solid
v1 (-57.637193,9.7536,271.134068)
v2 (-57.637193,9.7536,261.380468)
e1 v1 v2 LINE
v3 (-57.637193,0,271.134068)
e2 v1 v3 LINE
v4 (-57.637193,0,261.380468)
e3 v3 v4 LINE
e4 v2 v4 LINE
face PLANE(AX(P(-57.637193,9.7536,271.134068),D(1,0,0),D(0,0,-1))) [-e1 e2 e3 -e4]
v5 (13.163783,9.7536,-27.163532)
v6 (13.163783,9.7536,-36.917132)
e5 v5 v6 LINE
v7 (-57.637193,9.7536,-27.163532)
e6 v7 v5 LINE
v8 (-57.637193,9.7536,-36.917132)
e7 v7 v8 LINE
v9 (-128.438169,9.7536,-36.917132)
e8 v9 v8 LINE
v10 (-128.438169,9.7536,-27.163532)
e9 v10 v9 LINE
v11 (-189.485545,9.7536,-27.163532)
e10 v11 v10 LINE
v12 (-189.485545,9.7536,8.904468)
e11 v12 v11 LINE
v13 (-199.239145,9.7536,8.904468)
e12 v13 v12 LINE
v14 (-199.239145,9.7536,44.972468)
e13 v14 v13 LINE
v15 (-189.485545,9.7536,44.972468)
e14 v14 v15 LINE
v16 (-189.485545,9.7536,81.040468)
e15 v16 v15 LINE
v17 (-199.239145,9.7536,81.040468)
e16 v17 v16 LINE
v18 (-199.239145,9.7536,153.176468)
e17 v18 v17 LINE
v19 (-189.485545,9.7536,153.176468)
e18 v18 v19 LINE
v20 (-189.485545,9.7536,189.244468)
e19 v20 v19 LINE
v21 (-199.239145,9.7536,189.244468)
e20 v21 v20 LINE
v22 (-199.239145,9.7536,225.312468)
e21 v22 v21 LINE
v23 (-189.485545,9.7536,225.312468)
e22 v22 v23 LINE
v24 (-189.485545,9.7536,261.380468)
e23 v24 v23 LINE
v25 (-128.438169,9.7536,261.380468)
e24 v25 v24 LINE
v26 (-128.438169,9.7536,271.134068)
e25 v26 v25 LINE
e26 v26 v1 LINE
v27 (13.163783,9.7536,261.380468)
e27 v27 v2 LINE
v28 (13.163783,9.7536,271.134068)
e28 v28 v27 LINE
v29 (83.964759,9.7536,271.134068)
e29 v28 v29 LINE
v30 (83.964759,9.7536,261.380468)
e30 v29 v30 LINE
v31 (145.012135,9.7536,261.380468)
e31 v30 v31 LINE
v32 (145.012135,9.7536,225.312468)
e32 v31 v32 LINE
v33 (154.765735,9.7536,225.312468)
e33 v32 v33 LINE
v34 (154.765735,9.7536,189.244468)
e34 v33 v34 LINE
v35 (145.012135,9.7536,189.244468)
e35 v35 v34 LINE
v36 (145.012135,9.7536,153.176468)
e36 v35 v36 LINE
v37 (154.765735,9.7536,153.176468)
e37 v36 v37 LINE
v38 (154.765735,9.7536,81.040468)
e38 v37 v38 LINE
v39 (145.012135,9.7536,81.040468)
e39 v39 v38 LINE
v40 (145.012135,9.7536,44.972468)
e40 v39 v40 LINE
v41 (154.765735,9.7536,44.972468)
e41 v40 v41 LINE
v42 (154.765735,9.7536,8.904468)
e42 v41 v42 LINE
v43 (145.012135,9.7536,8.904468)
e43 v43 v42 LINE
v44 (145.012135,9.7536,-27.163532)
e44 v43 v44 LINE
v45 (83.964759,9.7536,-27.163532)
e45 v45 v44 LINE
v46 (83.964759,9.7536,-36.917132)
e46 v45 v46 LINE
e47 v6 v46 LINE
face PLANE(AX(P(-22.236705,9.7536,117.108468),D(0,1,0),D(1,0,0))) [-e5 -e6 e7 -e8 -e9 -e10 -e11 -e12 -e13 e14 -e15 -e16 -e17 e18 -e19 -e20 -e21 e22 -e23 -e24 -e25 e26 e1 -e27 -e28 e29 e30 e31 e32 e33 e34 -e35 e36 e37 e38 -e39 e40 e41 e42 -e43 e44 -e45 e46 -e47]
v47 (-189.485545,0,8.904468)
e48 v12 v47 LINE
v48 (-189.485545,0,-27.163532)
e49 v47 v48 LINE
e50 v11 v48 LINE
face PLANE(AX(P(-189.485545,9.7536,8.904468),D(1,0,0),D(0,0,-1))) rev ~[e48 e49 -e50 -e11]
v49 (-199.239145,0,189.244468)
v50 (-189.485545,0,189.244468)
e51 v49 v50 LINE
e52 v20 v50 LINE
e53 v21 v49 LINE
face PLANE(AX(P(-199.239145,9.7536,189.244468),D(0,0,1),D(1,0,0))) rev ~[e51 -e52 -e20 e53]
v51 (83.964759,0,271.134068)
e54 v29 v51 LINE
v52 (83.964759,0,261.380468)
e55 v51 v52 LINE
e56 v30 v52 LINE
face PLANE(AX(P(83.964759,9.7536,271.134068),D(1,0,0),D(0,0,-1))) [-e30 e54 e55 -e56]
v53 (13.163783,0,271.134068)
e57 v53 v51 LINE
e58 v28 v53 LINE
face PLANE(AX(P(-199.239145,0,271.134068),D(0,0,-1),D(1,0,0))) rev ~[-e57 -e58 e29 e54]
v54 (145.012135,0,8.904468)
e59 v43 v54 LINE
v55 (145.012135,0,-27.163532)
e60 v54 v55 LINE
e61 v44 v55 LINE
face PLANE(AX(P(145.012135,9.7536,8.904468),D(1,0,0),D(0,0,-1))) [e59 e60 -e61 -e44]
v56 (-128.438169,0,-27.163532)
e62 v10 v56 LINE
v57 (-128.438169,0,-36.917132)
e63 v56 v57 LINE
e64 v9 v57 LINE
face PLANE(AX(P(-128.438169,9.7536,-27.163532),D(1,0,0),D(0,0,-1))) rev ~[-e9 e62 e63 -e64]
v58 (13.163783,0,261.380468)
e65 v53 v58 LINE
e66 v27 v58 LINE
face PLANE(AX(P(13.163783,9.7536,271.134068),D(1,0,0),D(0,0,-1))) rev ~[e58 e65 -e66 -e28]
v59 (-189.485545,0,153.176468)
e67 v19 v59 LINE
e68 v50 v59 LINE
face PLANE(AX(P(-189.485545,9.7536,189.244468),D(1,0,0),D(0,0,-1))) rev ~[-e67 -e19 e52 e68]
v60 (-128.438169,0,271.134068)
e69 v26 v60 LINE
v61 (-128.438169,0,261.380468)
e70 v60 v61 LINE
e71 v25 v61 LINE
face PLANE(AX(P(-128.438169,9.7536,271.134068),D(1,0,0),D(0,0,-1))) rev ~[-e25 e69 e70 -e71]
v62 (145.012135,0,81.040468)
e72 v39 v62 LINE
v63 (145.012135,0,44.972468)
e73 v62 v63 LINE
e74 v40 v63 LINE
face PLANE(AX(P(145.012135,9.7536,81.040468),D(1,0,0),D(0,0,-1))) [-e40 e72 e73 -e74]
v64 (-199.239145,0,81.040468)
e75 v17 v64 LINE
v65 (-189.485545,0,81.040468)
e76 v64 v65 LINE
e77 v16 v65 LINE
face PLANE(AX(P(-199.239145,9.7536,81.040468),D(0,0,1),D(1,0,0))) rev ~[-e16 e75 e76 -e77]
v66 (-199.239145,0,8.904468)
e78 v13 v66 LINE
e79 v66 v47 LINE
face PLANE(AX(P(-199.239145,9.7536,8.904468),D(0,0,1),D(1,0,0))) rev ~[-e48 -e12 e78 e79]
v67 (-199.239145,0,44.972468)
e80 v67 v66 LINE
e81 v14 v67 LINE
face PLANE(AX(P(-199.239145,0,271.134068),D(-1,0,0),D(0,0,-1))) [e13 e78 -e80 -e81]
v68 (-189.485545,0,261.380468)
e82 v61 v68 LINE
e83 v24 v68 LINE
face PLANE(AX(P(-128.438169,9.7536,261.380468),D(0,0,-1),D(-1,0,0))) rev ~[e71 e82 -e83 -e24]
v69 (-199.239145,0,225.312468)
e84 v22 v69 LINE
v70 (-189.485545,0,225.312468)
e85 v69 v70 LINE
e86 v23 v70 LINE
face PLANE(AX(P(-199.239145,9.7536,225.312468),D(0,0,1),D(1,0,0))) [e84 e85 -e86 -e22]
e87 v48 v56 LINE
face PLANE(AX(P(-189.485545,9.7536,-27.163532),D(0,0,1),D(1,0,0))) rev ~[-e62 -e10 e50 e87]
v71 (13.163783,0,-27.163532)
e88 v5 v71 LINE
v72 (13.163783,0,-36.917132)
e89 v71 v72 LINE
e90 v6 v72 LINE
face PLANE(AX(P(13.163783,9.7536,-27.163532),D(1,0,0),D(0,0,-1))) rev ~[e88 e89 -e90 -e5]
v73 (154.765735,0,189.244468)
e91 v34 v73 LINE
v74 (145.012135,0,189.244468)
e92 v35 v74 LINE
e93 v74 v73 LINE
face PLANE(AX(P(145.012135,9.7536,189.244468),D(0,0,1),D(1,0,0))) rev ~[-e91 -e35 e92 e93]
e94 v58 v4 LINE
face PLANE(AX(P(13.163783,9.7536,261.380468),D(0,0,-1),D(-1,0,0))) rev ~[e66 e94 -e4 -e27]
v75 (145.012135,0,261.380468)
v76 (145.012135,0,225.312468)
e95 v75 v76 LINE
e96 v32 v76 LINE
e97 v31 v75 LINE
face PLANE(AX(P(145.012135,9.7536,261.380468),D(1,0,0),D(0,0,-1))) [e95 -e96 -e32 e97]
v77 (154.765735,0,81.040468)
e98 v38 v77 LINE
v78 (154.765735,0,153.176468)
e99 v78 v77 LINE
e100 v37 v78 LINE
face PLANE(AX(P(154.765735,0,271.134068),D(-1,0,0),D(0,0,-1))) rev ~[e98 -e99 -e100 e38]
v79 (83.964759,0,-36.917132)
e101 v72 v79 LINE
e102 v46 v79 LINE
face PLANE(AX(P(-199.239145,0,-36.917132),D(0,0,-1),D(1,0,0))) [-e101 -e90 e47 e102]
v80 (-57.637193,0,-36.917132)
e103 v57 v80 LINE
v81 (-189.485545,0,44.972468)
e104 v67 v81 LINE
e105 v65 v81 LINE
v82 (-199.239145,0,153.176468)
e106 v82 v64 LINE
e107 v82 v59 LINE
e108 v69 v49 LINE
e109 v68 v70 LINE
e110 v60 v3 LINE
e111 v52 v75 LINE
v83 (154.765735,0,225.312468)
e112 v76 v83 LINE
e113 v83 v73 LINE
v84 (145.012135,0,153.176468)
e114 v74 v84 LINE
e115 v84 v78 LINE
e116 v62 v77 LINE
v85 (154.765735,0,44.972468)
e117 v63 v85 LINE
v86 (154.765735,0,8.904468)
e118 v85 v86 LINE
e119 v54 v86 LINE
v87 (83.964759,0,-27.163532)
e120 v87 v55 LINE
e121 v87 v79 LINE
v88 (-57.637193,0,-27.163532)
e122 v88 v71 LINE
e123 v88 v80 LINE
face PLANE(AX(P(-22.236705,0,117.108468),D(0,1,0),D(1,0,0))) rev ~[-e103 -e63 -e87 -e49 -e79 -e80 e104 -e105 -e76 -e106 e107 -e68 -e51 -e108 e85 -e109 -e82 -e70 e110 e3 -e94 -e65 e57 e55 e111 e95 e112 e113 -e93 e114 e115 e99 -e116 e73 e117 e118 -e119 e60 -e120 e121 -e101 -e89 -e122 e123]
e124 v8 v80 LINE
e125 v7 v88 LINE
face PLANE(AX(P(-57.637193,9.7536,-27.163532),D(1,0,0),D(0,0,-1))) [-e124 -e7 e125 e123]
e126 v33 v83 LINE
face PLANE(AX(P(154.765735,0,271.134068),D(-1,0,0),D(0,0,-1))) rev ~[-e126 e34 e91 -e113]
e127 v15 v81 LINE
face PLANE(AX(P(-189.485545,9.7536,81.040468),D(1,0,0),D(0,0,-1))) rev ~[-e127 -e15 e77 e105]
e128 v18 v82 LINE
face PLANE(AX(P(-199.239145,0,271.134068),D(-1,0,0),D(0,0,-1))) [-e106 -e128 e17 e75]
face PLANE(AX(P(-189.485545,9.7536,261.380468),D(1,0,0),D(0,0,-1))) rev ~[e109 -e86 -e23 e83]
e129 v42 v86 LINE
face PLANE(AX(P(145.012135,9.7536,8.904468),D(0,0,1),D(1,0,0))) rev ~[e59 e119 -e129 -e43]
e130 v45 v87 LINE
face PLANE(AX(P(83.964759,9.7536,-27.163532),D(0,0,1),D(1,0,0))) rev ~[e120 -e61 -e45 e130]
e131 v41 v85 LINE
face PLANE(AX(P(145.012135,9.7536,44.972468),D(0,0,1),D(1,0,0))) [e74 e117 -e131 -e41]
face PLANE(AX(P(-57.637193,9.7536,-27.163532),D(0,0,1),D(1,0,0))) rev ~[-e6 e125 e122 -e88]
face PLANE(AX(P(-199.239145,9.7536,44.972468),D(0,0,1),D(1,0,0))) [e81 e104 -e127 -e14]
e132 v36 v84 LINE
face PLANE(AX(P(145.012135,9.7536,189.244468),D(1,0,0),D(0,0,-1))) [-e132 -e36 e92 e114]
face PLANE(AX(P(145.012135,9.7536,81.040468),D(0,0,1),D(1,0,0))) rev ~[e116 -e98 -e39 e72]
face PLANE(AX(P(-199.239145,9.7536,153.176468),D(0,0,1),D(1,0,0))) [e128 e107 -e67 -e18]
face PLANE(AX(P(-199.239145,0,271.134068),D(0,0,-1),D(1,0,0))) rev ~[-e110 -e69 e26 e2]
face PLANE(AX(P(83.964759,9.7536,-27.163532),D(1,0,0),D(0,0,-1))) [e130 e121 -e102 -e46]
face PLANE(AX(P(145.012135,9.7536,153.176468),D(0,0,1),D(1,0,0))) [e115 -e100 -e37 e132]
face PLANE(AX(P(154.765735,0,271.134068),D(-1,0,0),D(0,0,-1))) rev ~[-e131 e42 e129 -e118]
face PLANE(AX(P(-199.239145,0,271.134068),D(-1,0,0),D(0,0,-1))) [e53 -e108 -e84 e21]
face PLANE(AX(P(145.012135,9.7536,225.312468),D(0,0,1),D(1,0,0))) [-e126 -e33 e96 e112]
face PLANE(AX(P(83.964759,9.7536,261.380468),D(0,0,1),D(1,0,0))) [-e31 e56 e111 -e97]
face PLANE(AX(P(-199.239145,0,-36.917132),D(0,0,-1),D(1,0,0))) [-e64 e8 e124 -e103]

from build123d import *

# Parameters (mm, degrees)
SKETCH1_W           = 354.00488
SKETCH1_H           = 308.0512
BOSS_EXTRUDE1_DEPTH = 9.7536
SKETCH2_W           = 9.7536
SKETCH2_H           = 36.068
SKETCH2_W_2         = 35.400488
SKETCH2_H_2         = 9.7536
SKETCH2_W_3         = 70.800976
CUT_EXTRUDE1_DEPTH  = 337.60815813


with BuildPart() as part:
    # Sketch1 → Boss-Extrude1 (new body)
    with BuildSketch(Plane(origin=(0, 0, 0), x_dir=(1, 0, 0), z_dir=(0, 1, 0))):
        with Locations((-22.236704585, -117.108467707)):
            Rectangle(SKETCH1_W, SKETCH1_H)
    extrude(amount=BOSS_EXTRUDE1_DEPTH)

    # Sketch2 → Cut-Extrude1 (cut, through all)
    with BuildSketch(Plane(origin=(0, 9.7536, 0), x_dir=(1, 0, 0), z_dir=(0, 1, 0))):
        with Locations((-194.362344585, -171.210467707)):
            Rectangle(SKETCH2_W, SKETCH2_H)
        with Locations((-194.362344585, -243.346467707)):
            Rectangle(SKETCH2_W, SKETCH2_H)
        Polygon((-199.239144585, -271.134067707), (-128.438168585, -271.134067707), (-128.438168585, -261.380467707), (-189.485544585, -261.380467707), (-199.239144585, -261.380467707), align=None)
        with Locations((-4.536460585, -266.257267707)):
            Rectangle(SKETCH2_W_2, SKETCH2_H_2)
        with Locations((-39.936948585, -266.257267707)):
            Rectangle(SKETCH2_W_2, SKETCH2_H_2)
        with Locations((119.365247415, -266.257267707)):
            Rectangle(SKETCH2_W_3, SKETCH2_H_2)
        with Locations((149.888935415, -243.346467707)):
            Rectangle(SKETCH2_W, SKETCH2_H)
        with Locations((149.888935415, -171.210467707)):
            Rectangle(SKETCH2_W, SKETCH2_H)
        with Locations((149.888935415, -63.006467707)):
            Rectangle(SKETCH2_W, SKETCH2_H)
        with Locations((149.888935415, 9.129532293)):
            Rectangle(SKETCH2_W, SKETCH2_H)
        with Locations((119.365247415, 32.040332293)):
            Rectangle(SKETCH2_W_3, SKETCH2_H_2)
        with Locations((-22.236704585, 32.040332293)):
            Rectangle(SKETCH2_W_3, SKETCH2_H_2)
        with Locations((-194.362344585, -63.006467707)):
            Rectangle(SKETCH2_W, SKETCH2_H)
        with Locations((-194.362344585, 9.129532293)):
            Rectangle(SKETCH2_W, SKETCH2_H)
        with Locations((-163.838656585, 32.040332293)):
            Rectangle(SKETCH2_W_3, SKETCH2_H_2)
    extrude(amount=-CUT_EXTRUDE1_DEPTH, mode=Mode.SUBTRACT)


solid = part.part
